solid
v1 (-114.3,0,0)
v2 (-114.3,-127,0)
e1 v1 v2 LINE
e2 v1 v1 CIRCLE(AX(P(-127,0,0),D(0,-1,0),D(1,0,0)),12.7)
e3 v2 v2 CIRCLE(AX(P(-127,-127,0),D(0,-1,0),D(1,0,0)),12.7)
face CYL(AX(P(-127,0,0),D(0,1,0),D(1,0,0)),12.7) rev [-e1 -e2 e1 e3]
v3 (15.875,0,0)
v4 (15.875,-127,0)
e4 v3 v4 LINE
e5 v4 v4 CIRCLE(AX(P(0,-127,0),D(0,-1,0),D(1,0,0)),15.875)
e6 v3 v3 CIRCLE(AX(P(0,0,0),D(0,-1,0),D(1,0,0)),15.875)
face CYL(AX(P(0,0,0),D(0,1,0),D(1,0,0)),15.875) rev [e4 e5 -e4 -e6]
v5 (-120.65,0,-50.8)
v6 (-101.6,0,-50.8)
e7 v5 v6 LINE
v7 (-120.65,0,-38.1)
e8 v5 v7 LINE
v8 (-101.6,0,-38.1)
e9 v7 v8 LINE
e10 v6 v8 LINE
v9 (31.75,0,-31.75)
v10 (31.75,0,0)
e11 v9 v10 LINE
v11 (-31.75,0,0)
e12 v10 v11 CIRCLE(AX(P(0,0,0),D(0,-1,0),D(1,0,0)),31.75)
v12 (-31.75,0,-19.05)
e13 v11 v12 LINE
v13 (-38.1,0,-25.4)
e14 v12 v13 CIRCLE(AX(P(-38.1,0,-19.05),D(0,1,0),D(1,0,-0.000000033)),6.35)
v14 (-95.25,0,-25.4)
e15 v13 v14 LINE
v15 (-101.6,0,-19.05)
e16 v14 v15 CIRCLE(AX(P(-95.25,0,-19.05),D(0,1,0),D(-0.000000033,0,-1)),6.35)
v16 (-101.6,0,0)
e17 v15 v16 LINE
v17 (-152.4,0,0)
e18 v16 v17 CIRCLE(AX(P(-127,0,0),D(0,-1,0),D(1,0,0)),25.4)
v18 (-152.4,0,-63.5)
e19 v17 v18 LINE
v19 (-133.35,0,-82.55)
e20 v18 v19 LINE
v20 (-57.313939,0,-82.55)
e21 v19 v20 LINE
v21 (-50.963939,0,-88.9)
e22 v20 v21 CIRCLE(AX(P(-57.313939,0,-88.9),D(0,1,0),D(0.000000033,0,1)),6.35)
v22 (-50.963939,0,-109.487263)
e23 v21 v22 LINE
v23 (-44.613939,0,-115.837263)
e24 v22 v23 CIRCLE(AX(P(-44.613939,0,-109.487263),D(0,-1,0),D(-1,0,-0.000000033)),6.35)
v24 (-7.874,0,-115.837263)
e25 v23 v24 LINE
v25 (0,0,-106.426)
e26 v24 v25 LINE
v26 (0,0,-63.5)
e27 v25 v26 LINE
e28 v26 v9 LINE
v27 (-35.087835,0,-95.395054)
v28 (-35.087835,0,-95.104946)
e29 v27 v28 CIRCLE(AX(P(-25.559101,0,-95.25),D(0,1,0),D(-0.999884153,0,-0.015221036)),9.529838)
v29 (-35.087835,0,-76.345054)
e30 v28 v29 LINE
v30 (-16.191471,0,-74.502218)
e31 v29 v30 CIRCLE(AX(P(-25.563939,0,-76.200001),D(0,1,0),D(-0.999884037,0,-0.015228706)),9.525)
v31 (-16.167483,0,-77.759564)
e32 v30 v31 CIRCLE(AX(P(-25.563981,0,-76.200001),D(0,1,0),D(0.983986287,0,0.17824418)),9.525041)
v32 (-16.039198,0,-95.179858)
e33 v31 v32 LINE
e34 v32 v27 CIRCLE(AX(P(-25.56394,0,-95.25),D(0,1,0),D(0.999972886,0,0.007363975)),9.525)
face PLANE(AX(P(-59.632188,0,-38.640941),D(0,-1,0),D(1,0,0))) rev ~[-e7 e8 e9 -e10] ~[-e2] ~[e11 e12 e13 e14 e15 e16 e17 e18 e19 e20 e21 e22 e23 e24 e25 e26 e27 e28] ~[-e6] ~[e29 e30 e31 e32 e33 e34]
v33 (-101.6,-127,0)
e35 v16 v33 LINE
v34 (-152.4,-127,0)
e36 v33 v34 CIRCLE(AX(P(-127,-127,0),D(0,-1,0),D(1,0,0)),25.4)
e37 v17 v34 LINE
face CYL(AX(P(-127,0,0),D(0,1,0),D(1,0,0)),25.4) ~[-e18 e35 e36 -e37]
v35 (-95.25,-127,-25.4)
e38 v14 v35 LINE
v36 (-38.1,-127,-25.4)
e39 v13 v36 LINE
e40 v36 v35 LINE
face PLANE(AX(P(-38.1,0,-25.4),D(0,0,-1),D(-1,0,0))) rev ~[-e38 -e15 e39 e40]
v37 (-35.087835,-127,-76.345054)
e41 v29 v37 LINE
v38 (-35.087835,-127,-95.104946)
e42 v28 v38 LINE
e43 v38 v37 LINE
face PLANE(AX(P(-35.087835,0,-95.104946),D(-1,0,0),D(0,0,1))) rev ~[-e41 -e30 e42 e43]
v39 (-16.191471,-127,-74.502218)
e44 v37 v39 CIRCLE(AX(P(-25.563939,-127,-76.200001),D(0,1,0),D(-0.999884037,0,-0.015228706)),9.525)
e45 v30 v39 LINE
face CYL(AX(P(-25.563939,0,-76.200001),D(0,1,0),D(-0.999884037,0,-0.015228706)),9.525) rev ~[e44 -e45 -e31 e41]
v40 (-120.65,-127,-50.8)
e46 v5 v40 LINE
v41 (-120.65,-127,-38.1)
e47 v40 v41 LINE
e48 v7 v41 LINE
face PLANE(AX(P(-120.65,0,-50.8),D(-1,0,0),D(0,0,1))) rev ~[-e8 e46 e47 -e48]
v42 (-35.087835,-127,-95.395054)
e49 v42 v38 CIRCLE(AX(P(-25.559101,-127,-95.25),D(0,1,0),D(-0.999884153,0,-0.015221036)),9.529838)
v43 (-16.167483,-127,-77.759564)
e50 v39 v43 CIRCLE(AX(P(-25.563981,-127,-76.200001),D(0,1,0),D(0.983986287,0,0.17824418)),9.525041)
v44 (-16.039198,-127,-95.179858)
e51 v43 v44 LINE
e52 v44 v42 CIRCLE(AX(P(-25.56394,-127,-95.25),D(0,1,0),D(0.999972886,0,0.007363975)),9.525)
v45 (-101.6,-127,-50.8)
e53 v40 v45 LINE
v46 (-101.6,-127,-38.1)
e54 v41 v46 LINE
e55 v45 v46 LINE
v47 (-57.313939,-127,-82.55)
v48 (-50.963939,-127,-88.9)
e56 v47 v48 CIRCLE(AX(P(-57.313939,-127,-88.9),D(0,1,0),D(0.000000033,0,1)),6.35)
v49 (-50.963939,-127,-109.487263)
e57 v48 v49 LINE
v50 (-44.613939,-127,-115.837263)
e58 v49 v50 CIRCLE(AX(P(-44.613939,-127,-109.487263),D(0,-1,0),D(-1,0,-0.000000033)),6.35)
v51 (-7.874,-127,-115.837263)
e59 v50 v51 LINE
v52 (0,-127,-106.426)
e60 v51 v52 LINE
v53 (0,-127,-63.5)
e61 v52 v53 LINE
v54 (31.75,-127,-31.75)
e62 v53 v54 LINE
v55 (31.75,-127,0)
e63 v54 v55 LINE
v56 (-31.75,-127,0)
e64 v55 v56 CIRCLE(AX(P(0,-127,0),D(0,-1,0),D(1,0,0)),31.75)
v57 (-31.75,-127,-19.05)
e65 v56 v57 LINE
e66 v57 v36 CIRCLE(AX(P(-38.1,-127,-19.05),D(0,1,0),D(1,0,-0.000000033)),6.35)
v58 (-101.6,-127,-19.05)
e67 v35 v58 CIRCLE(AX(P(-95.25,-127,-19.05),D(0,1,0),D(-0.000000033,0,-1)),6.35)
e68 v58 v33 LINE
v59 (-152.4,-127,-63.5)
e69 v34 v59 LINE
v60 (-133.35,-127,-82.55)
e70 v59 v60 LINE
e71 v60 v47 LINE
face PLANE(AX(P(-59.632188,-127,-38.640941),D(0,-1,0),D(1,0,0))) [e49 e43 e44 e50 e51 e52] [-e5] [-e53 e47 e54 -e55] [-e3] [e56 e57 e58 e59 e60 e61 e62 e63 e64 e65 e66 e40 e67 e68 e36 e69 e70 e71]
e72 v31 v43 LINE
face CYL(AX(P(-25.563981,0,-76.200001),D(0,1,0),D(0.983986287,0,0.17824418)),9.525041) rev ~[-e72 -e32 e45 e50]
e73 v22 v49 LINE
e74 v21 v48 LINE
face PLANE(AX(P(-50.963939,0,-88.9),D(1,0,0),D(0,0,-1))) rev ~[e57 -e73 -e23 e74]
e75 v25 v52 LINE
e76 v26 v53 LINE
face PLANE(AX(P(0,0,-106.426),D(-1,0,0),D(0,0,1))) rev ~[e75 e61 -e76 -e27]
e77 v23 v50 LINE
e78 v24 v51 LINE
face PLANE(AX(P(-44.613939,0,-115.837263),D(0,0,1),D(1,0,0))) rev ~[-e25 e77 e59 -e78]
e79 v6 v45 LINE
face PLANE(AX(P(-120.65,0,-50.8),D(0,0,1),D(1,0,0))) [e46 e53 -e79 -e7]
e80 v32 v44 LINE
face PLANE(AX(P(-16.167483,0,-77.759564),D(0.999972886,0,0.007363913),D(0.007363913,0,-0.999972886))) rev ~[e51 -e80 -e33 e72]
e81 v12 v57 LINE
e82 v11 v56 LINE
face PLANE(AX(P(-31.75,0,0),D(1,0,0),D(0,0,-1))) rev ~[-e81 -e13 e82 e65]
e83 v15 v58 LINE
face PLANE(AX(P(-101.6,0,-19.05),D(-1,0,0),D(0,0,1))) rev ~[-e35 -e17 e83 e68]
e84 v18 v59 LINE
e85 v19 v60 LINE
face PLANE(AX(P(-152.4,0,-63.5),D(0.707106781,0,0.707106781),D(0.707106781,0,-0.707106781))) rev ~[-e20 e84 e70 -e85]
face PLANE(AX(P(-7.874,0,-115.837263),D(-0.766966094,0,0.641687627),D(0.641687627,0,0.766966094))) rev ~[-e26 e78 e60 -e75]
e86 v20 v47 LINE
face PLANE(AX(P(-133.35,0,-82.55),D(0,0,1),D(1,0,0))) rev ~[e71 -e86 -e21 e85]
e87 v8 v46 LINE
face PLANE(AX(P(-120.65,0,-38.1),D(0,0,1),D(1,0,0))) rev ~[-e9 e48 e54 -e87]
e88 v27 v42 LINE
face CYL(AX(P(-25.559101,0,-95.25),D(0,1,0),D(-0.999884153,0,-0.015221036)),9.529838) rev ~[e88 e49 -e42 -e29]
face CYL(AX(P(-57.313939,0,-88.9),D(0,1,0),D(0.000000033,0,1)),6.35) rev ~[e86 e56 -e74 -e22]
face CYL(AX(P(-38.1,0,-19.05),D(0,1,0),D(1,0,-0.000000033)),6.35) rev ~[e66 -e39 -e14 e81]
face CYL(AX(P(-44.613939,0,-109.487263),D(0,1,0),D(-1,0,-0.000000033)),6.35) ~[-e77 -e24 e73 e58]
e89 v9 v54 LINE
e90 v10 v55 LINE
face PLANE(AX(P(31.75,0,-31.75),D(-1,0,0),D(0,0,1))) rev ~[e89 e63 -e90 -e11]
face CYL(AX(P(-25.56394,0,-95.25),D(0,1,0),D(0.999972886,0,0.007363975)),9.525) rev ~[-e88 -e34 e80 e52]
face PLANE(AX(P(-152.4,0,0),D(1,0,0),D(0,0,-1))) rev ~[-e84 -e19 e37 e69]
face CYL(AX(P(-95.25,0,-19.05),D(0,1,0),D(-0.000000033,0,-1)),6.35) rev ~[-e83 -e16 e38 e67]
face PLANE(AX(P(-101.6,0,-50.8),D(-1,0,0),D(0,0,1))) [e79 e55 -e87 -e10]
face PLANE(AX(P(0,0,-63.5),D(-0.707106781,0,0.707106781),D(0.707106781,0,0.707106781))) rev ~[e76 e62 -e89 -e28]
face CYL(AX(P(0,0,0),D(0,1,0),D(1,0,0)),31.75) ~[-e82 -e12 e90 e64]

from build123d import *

# Parameters (mm, degrees)
F0_W     = 19.05
F0_H     = 12.7
F0_R     = 12.7
F0_R_2   = 15.875
F1_DEPTH = 127


with BuildPart() as f1:
    # F0 (on Front) → F1 (new body)
    with BuildSketch(Plane.XZ):
        with BuildLine():
            Line((31.75, -31.75), (31.75, 0))
            ThreePointArc((31.75, 0), (0, 31.75), (-31.75, 0))
            Line((-31.75, 0), (-31.75, -19.05))
            ThreePointArc((-31.75, -19.05), (-33.609872, -23.540128), (-38.1, -25.4))
            Line((-38.1, -25.4), (-95.25, -25.4))
            ThreePointArc((-95.25, -25.4), (-99.740128, -23.540128), (-101.6, -19.05))
            Line((-101.6, -19.05), (-101.6, 0))
            ThreePointArc((-101.6, 0), (-127, 25.4), (-152.4, 0))
            Line((-152.4, 0), (-152.4, -63.5))
            Line((-152.4, -63.5), (-133.35, -82.55))
            Line((-133.35, -82.55), (-57.313939, -82.55))
            ThreePointArc((-57.313939, -82.55), (-52.823811, -84.409872), (-50.963939, -88.9))
            Line((-50.963939, -88.9), (-50.963939, -109.487263))
            ThreePointArc((-50.963939, -109.487263), (-49.104067, -113.977391), (-44.613939, -115.837263))
            Line((-44.613939, -115.837263), (-7.874, -115.837263))
            Line((-7.874, -115.837263), (0, -106.426))
            Line((0, -106.426), (0, -63.5))
            Line((0, -63.5), (31.75, -31.75))
        make_face()
        with Locations((-111.125, -44.45)):
            Rectangle(F0_W, F0_H, mode=Mode.SUBTRACT)
        with BuildLine():
            ThreePointArc((-35.087835, -95.395054), (-35.088939, -95.25), (-35.087835, -95.104946))
            Line((-35.087835, -95.104946), (-35.087835, -76.345054))
            ThreePointArc((-35.087835, -76.345054), (-26.488463, -66.719975), (-16.191471, -74.502218))
            ThreePointArc((-16.191471, -74.502218), (-16.039198, -76.129858), (-16.167483, -77.759564))
            Line((-16.167483, -77.759564), (-16.039198, -95.179858))
            ThreePointArc((-16.039198, -95.179858), (-25.45634, -104.774392), (-35.087835, -95.395054))
        make_face(mode=Mode.SUBTRACT)
        with Locations((-127, 0)):
            Circle(F0_R, mode=Mode.SUBTRACT)
        Circle(F0_R_2, mode=Mode.SUBTRACT)
    extrude(amount=F1_DEPTH)


solid = f1.part
